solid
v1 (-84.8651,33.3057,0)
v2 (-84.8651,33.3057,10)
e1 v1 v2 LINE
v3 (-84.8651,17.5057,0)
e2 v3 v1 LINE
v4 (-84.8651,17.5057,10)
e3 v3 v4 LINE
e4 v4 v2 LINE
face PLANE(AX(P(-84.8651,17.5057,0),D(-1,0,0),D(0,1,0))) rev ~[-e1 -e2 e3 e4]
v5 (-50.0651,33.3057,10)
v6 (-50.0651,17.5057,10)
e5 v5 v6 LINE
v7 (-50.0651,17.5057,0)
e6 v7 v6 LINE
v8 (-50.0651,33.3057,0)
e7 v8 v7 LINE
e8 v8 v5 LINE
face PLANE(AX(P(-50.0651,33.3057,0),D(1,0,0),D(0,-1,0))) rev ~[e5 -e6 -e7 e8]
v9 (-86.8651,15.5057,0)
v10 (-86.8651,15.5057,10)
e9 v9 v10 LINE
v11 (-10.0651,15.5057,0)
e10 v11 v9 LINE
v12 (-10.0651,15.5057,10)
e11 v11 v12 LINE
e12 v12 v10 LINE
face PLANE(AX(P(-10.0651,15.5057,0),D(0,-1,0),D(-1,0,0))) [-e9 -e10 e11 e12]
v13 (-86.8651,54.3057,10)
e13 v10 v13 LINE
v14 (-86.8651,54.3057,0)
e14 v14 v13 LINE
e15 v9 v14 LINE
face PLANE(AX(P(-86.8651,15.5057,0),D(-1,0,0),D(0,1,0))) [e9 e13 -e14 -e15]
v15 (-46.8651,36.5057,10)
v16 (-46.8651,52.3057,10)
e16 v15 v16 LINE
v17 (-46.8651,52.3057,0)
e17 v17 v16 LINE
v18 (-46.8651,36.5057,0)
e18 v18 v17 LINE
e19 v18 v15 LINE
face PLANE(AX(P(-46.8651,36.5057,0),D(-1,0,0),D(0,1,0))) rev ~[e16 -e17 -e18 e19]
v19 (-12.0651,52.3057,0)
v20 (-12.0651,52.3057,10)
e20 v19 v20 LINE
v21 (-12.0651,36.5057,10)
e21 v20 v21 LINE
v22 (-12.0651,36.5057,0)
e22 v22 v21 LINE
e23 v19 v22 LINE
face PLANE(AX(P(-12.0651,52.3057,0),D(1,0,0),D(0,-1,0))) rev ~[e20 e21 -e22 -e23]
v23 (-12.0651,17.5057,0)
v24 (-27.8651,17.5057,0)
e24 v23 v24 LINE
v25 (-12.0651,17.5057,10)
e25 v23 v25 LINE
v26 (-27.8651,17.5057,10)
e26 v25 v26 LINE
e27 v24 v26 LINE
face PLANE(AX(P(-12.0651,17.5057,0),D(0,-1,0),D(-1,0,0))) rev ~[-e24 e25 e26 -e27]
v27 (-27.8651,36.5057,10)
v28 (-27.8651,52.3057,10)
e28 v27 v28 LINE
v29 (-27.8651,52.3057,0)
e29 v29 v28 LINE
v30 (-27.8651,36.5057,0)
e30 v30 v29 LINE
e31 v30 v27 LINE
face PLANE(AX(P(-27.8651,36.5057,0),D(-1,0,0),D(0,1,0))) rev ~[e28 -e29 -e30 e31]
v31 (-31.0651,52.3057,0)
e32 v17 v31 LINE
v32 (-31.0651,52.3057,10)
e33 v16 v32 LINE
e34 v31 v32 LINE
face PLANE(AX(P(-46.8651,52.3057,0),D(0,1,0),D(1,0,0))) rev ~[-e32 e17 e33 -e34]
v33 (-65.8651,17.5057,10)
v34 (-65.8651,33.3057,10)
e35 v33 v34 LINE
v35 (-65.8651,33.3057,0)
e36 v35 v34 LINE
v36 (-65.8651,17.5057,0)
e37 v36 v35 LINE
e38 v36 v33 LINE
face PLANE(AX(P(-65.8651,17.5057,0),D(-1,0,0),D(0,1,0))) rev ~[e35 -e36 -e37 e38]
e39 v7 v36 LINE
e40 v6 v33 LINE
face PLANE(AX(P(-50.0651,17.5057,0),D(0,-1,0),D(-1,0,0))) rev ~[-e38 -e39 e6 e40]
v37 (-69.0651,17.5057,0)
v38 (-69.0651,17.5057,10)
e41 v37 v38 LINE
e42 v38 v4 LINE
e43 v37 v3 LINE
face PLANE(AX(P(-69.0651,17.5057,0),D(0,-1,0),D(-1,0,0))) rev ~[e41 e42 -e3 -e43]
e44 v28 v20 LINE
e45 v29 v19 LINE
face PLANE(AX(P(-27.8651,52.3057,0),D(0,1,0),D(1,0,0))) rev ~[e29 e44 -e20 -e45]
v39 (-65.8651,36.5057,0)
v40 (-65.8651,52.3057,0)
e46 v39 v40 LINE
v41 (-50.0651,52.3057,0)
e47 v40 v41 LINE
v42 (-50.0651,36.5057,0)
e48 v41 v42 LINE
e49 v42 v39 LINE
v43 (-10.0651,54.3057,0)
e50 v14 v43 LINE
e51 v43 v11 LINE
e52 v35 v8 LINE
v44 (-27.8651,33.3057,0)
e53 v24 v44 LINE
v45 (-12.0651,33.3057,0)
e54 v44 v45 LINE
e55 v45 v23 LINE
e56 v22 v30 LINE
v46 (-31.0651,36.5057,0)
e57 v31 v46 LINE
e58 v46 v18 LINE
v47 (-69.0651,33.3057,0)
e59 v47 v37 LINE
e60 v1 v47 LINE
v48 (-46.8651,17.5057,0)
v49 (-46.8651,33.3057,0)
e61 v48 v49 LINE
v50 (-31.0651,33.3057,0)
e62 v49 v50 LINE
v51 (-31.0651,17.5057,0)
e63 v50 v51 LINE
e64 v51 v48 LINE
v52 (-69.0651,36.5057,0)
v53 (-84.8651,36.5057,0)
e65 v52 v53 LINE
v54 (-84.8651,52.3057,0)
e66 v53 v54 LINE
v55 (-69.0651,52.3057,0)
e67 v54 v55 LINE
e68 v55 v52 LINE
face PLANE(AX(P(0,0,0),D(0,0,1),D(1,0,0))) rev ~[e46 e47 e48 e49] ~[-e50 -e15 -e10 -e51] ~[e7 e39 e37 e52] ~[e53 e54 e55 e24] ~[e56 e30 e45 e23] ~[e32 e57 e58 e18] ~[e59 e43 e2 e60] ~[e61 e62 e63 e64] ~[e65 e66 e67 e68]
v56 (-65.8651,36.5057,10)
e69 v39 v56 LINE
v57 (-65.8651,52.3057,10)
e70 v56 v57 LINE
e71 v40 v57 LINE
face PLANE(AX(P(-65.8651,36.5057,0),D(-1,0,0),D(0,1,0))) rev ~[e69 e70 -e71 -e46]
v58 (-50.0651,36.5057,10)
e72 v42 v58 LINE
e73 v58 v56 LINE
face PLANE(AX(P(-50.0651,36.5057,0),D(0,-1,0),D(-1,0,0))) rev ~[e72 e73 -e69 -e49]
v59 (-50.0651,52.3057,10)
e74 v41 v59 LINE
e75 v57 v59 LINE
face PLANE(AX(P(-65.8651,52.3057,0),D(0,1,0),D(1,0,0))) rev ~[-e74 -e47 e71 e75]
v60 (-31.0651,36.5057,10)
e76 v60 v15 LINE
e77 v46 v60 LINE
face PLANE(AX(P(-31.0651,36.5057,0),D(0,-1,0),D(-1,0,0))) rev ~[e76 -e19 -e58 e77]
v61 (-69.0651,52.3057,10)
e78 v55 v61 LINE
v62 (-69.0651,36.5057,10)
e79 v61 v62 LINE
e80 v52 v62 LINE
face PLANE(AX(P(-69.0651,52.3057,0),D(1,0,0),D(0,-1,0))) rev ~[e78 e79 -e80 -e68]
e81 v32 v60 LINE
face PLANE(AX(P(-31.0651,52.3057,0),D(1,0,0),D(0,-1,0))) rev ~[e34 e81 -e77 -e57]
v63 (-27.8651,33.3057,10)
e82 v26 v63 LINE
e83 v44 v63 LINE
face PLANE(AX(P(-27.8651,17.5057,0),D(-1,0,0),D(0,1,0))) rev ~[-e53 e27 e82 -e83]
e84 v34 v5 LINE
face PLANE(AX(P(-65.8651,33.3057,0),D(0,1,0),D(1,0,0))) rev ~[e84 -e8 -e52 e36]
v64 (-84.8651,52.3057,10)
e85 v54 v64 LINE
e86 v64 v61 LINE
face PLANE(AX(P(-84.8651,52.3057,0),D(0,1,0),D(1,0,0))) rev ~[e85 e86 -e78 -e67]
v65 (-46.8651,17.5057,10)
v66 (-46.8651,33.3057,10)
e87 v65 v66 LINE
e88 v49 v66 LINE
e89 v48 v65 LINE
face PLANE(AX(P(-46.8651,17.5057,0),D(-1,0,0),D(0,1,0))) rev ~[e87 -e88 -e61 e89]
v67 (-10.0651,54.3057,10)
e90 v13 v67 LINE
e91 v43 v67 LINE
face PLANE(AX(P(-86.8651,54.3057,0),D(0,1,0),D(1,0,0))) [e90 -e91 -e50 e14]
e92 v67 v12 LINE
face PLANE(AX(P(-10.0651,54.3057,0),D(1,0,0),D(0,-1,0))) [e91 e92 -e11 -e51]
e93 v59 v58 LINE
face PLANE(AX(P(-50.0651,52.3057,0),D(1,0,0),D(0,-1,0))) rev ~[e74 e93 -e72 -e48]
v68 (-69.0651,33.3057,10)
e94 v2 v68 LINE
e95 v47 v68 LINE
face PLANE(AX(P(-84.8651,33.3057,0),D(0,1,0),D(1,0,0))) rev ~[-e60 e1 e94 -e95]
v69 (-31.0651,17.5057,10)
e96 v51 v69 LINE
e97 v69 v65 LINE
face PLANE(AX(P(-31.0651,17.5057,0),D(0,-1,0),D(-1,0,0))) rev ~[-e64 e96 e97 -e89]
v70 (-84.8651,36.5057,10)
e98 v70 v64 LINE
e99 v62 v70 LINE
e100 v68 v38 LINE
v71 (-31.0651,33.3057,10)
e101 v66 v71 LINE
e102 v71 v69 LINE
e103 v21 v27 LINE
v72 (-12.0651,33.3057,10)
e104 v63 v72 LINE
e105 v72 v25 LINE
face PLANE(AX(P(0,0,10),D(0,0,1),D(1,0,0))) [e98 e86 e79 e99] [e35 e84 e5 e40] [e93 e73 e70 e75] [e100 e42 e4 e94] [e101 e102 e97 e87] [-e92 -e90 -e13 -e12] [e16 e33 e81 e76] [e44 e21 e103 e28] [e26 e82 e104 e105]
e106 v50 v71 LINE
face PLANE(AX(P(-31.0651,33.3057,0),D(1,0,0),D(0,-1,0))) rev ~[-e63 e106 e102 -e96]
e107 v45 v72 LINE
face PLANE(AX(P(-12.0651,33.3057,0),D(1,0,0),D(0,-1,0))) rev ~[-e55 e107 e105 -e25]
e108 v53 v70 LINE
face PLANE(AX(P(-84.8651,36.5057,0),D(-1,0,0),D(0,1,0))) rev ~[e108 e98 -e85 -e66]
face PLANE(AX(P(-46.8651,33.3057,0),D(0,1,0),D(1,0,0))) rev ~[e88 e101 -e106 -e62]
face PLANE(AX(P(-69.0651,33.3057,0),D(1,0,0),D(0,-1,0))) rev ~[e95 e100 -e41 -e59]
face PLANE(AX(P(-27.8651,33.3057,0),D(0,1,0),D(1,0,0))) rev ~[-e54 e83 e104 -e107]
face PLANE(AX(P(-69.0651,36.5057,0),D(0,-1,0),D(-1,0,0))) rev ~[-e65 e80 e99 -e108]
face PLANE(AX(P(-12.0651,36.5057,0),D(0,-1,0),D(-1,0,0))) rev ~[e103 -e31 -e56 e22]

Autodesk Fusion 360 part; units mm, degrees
sketch "Sketch1" plane through (0, 0, 0) normal (0, 0, 1) x (1, 0, 0)
  line L0 (-84.8651, 33.3057) -> (-69.0651, 33.3057)
  line L1 (-69.0651, 33.3057) -> (-69.0651, 17.5057)
  line L2 (-69.0651, 17.5057) -> (-84.8651, 17.5057)
  line L3 (-84.8651, 17.5057) -> (-84.8651, 33.3057)
  line L4 (-84.8651, 33.3057) -> (-69.0651, 17.5057) construction
  line L5 (-69.0651, 33.3057) -> (-84.8651, 17.5057) construction
  line L6 (-50.0651, 33.3057) -> (-50.0651, 17.5057)
  line L7 (-65.8651, 33.3057) -> (-50.0651, 33.3057)
  line L8 (-65.8651, 17.5057) -> (-65.8651, 33.3057)
  line L9 (-50.0651, 17.5057) -> (-65.8651, 17.5057)
  line L10 (-31.0651, 33.3057) -> (-31.0651, 17.5057)
  line L11 (-46.8651, 33.3057) -> (-31.0651, 33.3057)
  line L12 (-46.8651, 17.5057) -> (-46.8651, 33.3057)
  line L13 (-31.0651, 17.5057) -> (-46.8651, 17.5057)
  line L14 (-12.0651, 33.3057) -> (-12.0651, 17.5057)
  line L15 (-27.8651, 33.3057) -> (-12.0651, 33.3057)
  line L16 (-27.8651, 17.5057) -> (-27.8651, 33.3057)
  line L17 (-12.0651, 17.5057) -> (-27.8651, 17.5057)
  line L18 (-69.0651, 52.3057) -> (-69.0651, 36.5057)
  line L19 (-84.8651, 52.3057) -> (-69.0651, 52.3057)
  line L20 (-84.8651, 36.5057) -> (-84.8651, 52.3057)
  line L21 (-69.0651, 36.5057) -> (-84.8651, 36.5057)
  line L22 (-50.0651, 52.3057) -> (-50.0651, 36.5057)
  line L23 (-65.8651, 52.3057) -> (-50.0651, 52.3057)
  line L24 (-65.8651, 36.5057) -> (-65.8651, 52.3057)
  line L25 (-50.0651, 36.5057) -> (-65.8651, 36.5057)
  line L26 (-31.0651, 52.3057) -> (-31.0651, 36.5057)
  line L27 (-46.8651, 52.3057) -> (-31.0651, 52.3057)
  line L28 (-46.8651, 36.5057) -> (-46.8651, 52.3057)
  line L29 (-31.0651, 36.5057) -> (-46.8651, 36.5057)
  line L30 (-12.0651, 52.3057) -> (-12.0651, 36.5057)
  line L31 (-27.8651, 52.3057) -> (-12.0651, 52.3057)
  line L32 (-27.8651, 36.5057) -> (-27.8651, 52.3057)
  line L33 (-12.0651, 36.5057) -> (-27.8651, 36.5057)
  line L34 (-86.8651, 54.3057) -> (-10.0651, 54.3057)
  line L35 (-10.0651, 54.3057) -> (-10.0651, 15.5057)
  line L36 (-10.0651, 15.5057) -> (-86.8651, 15.5057)
  line L37 (-86.8651, 15.5057) -> (-86.8651, 54.3057)
  point P0 (-76.9651, 25.4057)
  dimension "d3" = 15.8
  dimension "d4" = 15.8
  dimension "d7" = 19
  dimension "d8" = 19
  dimension "d9" = 2
  dimension "d10" = 2
  dimension "d11" = 2
  dimension "d12" = 2
extrude "Extrude1" add sketch "Sketch1" along normal blind 10
